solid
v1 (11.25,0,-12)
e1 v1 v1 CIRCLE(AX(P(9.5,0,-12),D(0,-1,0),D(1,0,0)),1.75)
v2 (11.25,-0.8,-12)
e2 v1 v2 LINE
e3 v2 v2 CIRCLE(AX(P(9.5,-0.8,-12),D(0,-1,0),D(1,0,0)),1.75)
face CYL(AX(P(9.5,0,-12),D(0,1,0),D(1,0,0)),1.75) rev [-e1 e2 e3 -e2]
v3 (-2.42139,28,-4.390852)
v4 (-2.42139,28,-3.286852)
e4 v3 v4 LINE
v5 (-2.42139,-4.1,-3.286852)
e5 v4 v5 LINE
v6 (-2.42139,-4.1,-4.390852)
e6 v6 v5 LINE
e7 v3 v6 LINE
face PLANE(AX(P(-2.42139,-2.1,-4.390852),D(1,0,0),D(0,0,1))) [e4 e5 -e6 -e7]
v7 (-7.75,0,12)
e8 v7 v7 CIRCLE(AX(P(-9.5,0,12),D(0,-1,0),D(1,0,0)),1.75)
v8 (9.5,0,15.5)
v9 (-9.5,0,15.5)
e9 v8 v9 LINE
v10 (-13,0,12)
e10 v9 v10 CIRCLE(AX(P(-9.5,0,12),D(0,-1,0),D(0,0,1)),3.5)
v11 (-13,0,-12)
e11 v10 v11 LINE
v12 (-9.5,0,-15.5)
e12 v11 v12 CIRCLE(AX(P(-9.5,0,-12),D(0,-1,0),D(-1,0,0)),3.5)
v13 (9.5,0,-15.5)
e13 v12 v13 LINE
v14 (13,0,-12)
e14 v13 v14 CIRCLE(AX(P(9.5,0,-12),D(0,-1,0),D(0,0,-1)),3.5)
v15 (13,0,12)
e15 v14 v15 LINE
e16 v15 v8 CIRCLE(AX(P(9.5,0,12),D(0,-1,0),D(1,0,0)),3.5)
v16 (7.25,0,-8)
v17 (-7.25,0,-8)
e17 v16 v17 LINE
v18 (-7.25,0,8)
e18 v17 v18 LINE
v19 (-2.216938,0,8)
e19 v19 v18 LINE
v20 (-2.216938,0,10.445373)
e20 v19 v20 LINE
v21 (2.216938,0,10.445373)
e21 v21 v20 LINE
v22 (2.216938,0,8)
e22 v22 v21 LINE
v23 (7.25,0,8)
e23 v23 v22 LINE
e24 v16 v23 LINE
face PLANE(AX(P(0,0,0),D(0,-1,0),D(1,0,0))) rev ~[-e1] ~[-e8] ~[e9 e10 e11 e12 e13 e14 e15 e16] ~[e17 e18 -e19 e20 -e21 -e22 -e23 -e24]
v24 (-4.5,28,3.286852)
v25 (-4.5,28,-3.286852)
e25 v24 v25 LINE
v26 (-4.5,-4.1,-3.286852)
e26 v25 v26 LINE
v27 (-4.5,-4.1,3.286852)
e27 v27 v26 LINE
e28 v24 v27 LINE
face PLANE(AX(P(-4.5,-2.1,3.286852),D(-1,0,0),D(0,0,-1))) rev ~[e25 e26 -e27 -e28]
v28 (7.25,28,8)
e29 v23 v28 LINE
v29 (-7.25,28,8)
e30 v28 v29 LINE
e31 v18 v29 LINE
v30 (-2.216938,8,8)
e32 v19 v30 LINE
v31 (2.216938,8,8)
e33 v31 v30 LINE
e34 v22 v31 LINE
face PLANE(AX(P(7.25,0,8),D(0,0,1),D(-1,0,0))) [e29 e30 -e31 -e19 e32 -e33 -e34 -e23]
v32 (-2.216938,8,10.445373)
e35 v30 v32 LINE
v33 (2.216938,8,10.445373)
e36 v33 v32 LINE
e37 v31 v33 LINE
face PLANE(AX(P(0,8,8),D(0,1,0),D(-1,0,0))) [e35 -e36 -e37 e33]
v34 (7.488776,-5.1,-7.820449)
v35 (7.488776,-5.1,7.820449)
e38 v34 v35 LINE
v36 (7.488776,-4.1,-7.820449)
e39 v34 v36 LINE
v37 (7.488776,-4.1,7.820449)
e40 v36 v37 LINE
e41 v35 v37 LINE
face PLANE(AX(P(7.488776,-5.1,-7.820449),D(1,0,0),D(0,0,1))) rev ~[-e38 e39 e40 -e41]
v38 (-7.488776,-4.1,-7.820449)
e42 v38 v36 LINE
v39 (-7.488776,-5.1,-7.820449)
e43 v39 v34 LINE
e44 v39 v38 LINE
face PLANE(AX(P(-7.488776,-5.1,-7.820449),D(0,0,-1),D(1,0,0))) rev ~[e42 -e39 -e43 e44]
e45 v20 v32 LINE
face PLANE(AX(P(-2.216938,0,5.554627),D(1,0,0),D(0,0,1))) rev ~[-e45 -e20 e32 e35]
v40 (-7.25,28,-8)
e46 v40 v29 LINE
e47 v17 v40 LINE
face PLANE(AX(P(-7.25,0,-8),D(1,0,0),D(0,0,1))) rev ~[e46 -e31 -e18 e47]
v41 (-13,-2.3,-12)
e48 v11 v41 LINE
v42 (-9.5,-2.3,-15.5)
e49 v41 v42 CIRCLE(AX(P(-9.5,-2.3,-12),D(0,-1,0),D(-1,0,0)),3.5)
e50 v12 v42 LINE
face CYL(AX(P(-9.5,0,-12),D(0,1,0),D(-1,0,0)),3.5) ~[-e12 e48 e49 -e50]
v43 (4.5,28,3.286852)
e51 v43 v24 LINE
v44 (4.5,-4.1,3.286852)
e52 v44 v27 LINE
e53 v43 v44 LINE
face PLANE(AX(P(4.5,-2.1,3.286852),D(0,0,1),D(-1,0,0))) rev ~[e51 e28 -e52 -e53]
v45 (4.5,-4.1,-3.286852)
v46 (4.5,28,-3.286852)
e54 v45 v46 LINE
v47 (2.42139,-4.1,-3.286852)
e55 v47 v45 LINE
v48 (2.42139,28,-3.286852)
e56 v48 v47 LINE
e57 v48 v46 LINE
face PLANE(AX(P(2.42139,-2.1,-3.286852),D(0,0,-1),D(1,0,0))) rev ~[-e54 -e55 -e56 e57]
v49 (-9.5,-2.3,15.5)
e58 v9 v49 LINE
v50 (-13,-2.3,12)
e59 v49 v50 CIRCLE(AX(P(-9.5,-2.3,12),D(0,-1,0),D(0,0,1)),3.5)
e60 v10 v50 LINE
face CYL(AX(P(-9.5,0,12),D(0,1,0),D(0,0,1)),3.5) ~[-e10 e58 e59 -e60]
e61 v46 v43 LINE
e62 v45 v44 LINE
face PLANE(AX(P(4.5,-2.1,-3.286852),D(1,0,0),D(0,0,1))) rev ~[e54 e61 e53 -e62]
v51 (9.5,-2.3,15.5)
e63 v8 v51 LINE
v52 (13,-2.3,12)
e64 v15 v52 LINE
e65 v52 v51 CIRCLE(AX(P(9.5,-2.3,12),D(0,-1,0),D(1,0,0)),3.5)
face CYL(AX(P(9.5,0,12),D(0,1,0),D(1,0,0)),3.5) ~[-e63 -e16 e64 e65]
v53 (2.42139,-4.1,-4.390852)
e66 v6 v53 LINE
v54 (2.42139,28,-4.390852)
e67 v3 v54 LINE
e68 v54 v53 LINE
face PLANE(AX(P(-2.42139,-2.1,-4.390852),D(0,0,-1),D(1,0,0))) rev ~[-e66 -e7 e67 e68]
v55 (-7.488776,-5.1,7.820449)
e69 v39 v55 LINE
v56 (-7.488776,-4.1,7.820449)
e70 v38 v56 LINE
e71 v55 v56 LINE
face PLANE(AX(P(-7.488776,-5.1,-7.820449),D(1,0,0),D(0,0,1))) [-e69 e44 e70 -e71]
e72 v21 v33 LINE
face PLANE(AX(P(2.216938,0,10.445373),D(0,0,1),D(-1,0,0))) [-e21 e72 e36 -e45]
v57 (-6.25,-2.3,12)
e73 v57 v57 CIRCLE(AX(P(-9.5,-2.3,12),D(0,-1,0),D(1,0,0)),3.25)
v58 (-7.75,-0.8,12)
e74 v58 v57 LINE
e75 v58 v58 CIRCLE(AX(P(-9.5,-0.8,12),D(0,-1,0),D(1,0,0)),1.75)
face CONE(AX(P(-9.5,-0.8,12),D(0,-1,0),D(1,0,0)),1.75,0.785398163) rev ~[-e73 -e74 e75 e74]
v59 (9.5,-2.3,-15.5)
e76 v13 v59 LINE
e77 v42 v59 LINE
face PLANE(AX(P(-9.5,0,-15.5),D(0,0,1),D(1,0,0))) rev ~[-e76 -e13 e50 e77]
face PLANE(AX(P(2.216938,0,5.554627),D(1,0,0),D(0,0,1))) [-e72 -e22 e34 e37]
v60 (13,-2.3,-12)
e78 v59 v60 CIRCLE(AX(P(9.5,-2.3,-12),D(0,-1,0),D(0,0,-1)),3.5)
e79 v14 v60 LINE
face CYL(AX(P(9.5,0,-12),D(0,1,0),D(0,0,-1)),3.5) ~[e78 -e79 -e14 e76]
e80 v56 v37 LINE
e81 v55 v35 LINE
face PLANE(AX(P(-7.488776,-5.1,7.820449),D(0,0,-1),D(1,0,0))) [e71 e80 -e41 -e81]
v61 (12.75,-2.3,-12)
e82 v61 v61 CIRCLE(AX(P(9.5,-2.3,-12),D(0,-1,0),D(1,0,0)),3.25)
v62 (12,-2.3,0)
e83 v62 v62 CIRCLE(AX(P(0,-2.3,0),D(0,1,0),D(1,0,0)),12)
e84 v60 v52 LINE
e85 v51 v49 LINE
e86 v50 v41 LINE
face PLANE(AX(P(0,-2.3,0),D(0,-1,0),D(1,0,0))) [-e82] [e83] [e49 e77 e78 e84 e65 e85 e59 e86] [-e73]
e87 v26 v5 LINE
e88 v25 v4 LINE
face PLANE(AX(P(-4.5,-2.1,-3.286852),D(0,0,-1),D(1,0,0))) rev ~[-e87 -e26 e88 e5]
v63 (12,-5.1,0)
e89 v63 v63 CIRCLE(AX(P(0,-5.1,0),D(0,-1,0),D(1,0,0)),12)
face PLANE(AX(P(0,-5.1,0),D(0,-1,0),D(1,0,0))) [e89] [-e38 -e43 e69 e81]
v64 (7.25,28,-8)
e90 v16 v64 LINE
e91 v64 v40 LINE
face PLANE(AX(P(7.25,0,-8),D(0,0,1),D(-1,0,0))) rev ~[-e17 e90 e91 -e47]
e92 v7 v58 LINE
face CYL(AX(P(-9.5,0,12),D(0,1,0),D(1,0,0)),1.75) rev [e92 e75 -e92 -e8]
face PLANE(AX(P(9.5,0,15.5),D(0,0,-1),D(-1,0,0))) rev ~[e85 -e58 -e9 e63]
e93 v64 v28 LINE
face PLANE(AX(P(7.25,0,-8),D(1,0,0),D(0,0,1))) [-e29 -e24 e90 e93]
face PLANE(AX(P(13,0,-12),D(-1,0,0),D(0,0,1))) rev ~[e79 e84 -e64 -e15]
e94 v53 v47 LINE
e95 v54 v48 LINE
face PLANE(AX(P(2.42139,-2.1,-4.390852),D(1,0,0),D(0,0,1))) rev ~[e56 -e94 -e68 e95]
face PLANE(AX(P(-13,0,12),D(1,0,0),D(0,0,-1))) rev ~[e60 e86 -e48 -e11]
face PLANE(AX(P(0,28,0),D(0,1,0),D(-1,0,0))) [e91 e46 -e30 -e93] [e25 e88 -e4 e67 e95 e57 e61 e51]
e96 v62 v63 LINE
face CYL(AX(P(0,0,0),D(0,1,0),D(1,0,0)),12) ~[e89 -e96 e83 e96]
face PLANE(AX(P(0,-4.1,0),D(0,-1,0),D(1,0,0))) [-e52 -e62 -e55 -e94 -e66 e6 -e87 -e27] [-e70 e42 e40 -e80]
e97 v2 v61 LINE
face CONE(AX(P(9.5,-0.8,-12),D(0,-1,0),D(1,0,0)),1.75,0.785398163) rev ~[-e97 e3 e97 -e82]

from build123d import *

# Parameters (mm, degrees)
F0_R      = 1.75
F0_R_2    = 12
F1_DEPTH  = 2.3
F2_DEPTH  = 5.1
F3_W      = 14.9775519967
F3_H      = 15.6408976763
F3_W_2    = 4.8427809961
F3_H_2    = 1.104
F4_DEPTH  = 1
F5_DEPTH  = 3
F6_SIZE   = 1.5
F7_W      = 14.5
F7_H      = 16
F8_DEPTH  = 28
F9_W      = 4.4338763691
F9_H      = 4.8907462656
F10_DEPTH = 8
F11_DEPTH = 30.1


with BuildPart() as f1:
    # F0 (on Front) → F1 (new body)
    with BuildSketch(Plane.XZ):
        with BuildLine():
            ThreePointArc((13, 12), (11.9748737342, 14.4748737342), (9.5, 15.5))
            Line((9.5, 15.5), (-9.5, 15.5))
            ThreePointArc((-9.5, 15.5), (-11.9748737342, 14.4748737342), (-13, 12))
            Line((-13, 12), (-13, -12))
            ThreePointArc((-13, -12), (-11.9748737342, -14.4748737342), (-9.5, -15.5))
            Line((-9.5, -15.5), (9.5, -15.5))
            ThreePointArc((9.5, -15.5), (11.9748737342, -14.4748737342), (13, -12))
            Line((13, -12), (13, 12))
        make_face()
        with Locations((9.5, -12)):
            Circle(F0_R, mode=Mode.SUBTRACT)
        with Locations((-9.5, 12)):
            Circle(F0_R, mode=Mode.SUBTRACT)
        Circle(F0_R_2, mode=Mode.SUBTRACT)
        Circle(F0_R_2)
    extrude(amount=F1_DEPTH)

    # F0 (on Front) → F2 (join)
    with BuildSketch(Plane.XZ):
        Circle(F0_R_2)
    extrude(amount=F2_DEPTH)

    # F3 (on face) → F4 (cut)
    with BuildSketch(Plane.XZ.offset(5.1)):
        Rectangle(F3_W, F3_H)
        Polygon((-4.5, 3.2868520357), (4.5, 3.2868520357), (4.5, -3.2868520357), (2.4213904981, -3.2868520357), (2.4213904981, -4.3908520357), (-2.4213904981, -4.3908520357), (-2.4213904981, -3.2868520357), (-4.5, -3.2868520357), align=None, mode=Mode.SUBTRACT)
        Polygon((4.5, -3.2868520357), (4.5, 3.2868520357), (-4.5, 3.2868520357), (-4.5, -3.2868520357), (-2.4213904981, -3.2868520357), (-2.4213904981, -2.1828520357), (2.4213904981, -2.1828520357), (2.4213904981, -3.2868520357), align=None)
        with Locations((0, -2.7348520357)):
            Rectangle(F3_W_2, F3_H_2)
        with Locations((0, -3.8388520357)):
            Rectangle(F3_W_2, F3_H_2)
    extrude(amount=-F4_DEPTH, mode=Mode.SUBTRACT)

    # F3 (on face) → F5 (cut)
    with BuildSketch(Plane.XZ.offset(5.1)):
        Polygon((4.5, -3.2868520357), (4.5, 3.2868520357), (-4.5, 3.2868520357), (-4.5, -3.2868520357), (-2.4213904981, -3.2868520357), (-2.4213904981, -2.1828520357), (2.4213904981, -2.1828520357), (2.4213904981, -3.2868520357), align=None)
        with Locations((0, -2.7348520357)):
            Rectangle(F3_W_2, F3_H_2)
        with Locations((0, -3.8388520357)):
            Rectangle(F3_W_2, F3_H_2)
    extrude(amount=-F5_DEPTH, mode=Mode.SUBTRACT)

    # F6
    f6_edges = [f1.edges().sort_by_distance(p)[0] for p in [
        (-11.25, -2.3, 12),
        (7.75, -2.3, -12),
    ]]
    chamfer(f6_edges, length=F6_SIZE)

    # F7 (on face) → F8 (join)
    with BuildSketch(Plane(origin=(0, 0, 0), x_dir=(-1, 0, 0), z_dir=(0, 1, 0))):
        Rectangle(F7_W, F7_H)
    extrude(amount=F8_DEPTH)

    # F9 (on face) → F10 (join)
    with BuildSketch(Plane(origin=(0, 0, 0), x_dir=(-1, 0, 0), z_dir=(0, 1, 0))):
        with Locations((0, 8)):
            Rectangle(F9_W, F9_H)
    extrude(amount=F10_DEPTH)

    # F11 (cut, through all): a face of the model
    f11_faces = [f1.faces().sort_by_distance(p)[0] for p in [
        (0, -2.1, -0.3181557698),
    ]]
    extrude(f11_faces, amount=-F11_DEPTH, mode=Mode.SUBTRACT)


solid = f1.part
